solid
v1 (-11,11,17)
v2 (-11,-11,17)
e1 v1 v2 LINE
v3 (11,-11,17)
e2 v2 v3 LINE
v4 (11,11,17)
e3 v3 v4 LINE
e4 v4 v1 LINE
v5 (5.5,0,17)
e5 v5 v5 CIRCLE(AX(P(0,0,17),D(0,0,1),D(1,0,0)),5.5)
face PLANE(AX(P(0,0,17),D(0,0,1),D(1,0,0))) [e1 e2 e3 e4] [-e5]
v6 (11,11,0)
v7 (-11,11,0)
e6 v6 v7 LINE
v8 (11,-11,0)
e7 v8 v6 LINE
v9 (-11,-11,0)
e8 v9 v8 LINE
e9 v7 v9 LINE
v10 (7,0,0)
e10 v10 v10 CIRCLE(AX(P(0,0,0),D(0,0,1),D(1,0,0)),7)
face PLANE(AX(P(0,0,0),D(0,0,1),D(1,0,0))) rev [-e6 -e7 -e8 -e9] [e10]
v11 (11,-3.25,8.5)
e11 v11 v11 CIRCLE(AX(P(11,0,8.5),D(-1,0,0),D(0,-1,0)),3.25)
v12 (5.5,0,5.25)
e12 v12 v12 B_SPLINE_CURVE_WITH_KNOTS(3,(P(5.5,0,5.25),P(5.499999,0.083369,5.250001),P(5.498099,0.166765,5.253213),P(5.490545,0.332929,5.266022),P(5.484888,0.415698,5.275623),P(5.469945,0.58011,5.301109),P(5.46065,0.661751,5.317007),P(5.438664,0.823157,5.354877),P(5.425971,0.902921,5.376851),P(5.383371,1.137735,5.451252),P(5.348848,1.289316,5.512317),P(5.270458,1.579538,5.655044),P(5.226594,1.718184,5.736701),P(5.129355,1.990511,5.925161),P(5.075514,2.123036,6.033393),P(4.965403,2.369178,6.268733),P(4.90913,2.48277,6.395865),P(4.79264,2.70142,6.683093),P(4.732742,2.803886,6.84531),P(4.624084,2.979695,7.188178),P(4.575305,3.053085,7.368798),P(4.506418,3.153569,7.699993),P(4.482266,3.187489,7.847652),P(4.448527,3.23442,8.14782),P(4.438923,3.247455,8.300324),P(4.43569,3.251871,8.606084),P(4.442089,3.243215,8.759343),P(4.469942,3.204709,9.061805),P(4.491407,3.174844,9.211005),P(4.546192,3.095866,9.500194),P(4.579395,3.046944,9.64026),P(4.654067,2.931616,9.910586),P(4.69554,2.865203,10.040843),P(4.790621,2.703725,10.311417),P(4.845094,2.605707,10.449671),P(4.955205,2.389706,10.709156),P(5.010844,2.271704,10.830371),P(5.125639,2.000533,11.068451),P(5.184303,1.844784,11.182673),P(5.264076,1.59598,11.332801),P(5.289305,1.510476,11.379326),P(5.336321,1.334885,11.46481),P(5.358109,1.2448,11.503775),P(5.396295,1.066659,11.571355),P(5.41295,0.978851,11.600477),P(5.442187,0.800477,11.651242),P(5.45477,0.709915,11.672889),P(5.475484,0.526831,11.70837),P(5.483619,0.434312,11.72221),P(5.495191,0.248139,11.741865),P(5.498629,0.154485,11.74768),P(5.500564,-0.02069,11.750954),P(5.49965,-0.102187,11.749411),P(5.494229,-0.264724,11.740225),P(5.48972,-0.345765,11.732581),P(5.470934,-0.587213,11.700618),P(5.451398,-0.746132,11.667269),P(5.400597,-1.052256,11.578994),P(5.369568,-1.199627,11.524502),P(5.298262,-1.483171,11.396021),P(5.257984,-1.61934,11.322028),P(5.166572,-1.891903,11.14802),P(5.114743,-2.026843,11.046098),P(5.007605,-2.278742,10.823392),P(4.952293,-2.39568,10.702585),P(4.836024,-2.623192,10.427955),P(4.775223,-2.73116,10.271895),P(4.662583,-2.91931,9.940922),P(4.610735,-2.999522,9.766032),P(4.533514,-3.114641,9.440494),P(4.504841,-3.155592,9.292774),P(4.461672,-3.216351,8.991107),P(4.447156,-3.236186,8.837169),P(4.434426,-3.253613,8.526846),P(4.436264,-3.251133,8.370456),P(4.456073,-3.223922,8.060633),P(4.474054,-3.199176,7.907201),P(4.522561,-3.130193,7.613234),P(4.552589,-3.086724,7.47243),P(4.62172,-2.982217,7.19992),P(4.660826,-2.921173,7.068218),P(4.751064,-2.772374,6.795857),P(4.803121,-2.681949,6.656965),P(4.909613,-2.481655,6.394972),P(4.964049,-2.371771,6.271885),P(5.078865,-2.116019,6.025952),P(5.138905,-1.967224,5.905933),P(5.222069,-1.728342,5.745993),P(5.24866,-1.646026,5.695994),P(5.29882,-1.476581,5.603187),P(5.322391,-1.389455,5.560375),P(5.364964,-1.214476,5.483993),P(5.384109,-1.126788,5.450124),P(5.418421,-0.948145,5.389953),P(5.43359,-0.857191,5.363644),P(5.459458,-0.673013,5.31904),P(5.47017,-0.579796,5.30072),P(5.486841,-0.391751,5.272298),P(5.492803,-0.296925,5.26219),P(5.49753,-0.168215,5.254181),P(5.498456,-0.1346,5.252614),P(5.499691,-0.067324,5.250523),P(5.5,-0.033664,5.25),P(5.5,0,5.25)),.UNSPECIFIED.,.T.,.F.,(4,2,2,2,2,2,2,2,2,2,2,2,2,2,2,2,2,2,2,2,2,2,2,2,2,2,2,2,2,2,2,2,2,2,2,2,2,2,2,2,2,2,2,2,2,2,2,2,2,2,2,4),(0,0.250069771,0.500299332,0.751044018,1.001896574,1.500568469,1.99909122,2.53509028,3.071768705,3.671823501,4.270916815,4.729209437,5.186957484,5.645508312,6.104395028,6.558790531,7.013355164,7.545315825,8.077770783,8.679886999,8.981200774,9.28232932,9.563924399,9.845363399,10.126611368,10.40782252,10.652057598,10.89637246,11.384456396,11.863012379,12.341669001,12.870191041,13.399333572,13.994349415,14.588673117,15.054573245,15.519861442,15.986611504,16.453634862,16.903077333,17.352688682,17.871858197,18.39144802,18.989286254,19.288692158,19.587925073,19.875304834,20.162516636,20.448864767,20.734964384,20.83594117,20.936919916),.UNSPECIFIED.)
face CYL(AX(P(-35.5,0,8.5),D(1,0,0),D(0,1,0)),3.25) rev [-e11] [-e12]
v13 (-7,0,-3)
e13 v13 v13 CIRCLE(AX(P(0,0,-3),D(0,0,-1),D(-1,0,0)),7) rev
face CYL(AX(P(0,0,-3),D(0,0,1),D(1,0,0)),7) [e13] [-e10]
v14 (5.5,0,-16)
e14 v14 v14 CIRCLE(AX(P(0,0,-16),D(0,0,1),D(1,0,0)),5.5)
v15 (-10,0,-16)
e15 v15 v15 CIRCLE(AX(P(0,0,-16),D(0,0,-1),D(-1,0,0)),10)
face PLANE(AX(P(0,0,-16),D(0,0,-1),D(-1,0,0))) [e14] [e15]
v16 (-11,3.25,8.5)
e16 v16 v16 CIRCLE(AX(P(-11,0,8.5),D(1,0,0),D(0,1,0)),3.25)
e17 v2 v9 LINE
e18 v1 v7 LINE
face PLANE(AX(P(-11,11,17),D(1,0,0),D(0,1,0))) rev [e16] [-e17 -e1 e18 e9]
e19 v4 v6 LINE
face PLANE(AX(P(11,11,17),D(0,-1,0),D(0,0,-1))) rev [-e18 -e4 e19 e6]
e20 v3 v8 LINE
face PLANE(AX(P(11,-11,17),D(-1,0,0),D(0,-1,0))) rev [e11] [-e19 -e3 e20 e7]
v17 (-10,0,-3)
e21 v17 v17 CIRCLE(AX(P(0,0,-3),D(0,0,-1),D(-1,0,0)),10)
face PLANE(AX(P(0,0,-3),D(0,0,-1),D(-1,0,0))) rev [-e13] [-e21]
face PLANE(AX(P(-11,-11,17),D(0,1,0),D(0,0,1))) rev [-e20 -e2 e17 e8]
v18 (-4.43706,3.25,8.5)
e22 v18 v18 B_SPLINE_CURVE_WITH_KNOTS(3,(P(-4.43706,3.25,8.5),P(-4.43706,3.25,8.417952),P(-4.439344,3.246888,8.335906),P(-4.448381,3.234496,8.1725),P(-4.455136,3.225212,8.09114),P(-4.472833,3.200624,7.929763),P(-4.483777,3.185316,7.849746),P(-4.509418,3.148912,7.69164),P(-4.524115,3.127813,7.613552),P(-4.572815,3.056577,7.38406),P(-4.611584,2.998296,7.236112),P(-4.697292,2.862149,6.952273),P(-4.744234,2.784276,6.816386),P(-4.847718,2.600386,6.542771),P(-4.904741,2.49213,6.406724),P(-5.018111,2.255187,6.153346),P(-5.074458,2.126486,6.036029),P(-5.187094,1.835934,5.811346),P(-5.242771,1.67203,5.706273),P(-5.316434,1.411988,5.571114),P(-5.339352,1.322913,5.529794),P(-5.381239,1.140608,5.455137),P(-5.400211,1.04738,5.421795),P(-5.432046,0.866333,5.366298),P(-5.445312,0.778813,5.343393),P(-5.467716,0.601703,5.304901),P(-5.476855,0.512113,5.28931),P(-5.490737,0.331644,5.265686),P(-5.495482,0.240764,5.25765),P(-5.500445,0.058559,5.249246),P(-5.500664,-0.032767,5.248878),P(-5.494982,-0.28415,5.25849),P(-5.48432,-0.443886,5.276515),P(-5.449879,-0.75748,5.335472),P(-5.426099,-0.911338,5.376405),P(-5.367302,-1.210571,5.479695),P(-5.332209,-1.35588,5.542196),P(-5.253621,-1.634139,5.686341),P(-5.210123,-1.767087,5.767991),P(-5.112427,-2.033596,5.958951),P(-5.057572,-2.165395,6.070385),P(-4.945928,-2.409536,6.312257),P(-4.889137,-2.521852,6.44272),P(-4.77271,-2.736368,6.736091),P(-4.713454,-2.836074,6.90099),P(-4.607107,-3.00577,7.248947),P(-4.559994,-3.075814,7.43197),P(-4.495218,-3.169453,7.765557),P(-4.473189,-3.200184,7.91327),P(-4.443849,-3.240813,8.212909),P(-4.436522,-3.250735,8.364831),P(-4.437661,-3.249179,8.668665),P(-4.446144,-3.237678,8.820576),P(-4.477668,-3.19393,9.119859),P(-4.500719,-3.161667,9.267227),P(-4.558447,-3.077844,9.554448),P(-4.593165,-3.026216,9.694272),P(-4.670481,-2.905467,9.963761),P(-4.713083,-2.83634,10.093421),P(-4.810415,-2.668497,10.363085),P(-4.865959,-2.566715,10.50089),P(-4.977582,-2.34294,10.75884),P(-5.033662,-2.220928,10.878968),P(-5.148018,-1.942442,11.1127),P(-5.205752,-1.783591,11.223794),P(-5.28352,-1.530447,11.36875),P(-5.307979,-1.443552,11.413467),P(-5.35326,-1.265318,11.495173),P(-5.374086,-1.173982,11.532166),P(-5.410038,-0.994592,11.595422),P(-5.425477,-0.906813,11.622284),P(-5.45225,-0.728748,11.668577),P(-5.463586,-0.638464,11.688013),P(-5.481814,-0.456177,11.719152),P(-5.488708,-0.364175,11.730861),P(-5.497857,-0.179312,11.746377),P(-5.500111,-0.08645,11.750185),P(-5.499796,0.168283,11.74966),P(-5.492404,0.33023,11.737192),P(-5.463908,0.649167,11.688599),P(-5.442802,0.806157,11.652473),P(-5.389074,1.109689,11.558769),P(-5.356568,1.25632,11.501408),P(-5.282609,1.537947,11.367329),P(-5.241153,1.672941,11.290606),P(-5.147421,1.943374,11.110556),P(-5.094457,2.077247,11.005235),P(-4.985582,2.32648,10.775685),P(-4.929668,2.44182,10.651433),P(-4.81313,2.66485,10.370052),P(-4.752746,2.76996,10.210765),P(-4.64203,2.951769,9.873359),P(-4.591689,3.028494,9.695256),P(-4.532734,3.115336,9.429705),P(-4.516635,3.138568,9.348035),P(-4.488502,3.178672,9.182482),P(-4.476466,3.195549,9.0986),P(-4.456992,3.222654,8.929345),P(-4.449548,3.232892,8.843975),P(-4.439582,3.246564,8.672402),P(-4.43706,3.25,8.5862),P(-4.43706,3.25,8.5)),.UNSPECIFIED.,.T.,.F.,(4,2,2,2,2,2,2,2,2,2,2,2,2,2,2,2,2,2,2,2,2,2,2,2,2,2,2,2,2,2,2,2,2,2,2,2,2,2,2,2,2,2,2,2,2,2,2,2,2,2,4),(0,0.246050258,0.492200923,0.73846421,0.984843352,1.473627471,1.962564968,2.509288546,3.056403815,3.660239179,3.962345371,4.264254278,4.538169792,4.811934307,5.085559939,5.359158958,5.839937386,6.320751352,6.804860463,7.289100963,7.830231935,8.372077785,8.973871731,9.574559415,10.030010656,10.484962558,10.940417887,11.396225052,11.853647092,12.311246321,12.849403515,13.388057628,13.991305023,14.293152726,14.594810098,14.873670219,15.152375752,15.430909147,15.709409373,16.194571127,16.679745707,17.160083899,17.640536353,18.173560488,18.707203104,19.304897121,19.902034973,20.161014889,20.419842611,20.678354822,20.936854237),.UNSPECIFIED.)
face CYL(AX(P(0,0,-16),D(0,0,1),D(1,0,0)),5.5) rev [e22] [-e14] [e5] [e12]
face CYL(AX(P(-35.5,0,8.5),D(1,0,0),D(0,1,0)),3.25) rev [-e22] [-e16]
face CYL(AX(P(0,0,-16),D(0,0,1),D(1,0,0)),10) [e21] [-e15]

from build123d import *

# Parameters (mm, degrees)
SKETCH1_W           = 22
SKETCH1_H           = 22
BOSS_EXTRUDE1_DEPTH = 17
SKETCH5_R           = 7
BOSS_EXTRUDE4_DEPTH = 3
SKETCH6_R           = 10
BOSS_EXTRUDE5_DEPTH = 13
SKETCH7_R           = 5.5
CUT_EXTRUDE1_DEPTH  = 37.482872694
SKETCH8_R           = 3.25
CUT_EXTRUDE2_DEPTH  = 46.5


with BuildPart() as part:
    # Sketch1 → Boss-Extrude1 (new body)
    with BuildSketch(Plane.XY):
        Rectangle(SKETCH1_W, SKETCH1_H)
    extrude(amount=BOSS_EXTRUDE1_DEPTH)

    # Sketch5 → Boss-Extrude4 (add)
    with BuildSketch(Plane.XY):
        Circle(SKETCH5_R)
    extrude(amount=-BOSS_EXTRUDE4_DEPTH)

    # Sketch6 → Boss-Extrude5 (add)
    with BuildSketch(Plane(origin=(0, 0, -3), x_dir=(-1, 0, 0), z_dir=(0, 0, -1))):
        Circle(SKETCH6_R)
    extrude(amount=BOSS_EXTRUDE5_DEPTH)

    # Sketch7 → Cut-Extrude1 (cut, through all)
    with BuildSketch(Plane.XY.offset(17)):
        Circle(SKETCH7_R)
    extrude(amount=-CUT_EXTRUDE1_DEPTH, mode=Mode.SUBTRACT)

    # Sketch8 → Cut-Extrude2 (cut, symmetric)
    with BuildSketch(Plane(origin=(11, 0, 0), x_dir=(0, 0, -1), z_dir=(1, 0, 0))):
        with Locations(Location((-8.5, 0, 0), (0, 0, 90))):
            Circle(SKETCH8_R)
    extrude(amount=CUT_EXTRUDE2_DEPTH, both=True, mode=Mode.SUBTRACT)


solid = part.part
